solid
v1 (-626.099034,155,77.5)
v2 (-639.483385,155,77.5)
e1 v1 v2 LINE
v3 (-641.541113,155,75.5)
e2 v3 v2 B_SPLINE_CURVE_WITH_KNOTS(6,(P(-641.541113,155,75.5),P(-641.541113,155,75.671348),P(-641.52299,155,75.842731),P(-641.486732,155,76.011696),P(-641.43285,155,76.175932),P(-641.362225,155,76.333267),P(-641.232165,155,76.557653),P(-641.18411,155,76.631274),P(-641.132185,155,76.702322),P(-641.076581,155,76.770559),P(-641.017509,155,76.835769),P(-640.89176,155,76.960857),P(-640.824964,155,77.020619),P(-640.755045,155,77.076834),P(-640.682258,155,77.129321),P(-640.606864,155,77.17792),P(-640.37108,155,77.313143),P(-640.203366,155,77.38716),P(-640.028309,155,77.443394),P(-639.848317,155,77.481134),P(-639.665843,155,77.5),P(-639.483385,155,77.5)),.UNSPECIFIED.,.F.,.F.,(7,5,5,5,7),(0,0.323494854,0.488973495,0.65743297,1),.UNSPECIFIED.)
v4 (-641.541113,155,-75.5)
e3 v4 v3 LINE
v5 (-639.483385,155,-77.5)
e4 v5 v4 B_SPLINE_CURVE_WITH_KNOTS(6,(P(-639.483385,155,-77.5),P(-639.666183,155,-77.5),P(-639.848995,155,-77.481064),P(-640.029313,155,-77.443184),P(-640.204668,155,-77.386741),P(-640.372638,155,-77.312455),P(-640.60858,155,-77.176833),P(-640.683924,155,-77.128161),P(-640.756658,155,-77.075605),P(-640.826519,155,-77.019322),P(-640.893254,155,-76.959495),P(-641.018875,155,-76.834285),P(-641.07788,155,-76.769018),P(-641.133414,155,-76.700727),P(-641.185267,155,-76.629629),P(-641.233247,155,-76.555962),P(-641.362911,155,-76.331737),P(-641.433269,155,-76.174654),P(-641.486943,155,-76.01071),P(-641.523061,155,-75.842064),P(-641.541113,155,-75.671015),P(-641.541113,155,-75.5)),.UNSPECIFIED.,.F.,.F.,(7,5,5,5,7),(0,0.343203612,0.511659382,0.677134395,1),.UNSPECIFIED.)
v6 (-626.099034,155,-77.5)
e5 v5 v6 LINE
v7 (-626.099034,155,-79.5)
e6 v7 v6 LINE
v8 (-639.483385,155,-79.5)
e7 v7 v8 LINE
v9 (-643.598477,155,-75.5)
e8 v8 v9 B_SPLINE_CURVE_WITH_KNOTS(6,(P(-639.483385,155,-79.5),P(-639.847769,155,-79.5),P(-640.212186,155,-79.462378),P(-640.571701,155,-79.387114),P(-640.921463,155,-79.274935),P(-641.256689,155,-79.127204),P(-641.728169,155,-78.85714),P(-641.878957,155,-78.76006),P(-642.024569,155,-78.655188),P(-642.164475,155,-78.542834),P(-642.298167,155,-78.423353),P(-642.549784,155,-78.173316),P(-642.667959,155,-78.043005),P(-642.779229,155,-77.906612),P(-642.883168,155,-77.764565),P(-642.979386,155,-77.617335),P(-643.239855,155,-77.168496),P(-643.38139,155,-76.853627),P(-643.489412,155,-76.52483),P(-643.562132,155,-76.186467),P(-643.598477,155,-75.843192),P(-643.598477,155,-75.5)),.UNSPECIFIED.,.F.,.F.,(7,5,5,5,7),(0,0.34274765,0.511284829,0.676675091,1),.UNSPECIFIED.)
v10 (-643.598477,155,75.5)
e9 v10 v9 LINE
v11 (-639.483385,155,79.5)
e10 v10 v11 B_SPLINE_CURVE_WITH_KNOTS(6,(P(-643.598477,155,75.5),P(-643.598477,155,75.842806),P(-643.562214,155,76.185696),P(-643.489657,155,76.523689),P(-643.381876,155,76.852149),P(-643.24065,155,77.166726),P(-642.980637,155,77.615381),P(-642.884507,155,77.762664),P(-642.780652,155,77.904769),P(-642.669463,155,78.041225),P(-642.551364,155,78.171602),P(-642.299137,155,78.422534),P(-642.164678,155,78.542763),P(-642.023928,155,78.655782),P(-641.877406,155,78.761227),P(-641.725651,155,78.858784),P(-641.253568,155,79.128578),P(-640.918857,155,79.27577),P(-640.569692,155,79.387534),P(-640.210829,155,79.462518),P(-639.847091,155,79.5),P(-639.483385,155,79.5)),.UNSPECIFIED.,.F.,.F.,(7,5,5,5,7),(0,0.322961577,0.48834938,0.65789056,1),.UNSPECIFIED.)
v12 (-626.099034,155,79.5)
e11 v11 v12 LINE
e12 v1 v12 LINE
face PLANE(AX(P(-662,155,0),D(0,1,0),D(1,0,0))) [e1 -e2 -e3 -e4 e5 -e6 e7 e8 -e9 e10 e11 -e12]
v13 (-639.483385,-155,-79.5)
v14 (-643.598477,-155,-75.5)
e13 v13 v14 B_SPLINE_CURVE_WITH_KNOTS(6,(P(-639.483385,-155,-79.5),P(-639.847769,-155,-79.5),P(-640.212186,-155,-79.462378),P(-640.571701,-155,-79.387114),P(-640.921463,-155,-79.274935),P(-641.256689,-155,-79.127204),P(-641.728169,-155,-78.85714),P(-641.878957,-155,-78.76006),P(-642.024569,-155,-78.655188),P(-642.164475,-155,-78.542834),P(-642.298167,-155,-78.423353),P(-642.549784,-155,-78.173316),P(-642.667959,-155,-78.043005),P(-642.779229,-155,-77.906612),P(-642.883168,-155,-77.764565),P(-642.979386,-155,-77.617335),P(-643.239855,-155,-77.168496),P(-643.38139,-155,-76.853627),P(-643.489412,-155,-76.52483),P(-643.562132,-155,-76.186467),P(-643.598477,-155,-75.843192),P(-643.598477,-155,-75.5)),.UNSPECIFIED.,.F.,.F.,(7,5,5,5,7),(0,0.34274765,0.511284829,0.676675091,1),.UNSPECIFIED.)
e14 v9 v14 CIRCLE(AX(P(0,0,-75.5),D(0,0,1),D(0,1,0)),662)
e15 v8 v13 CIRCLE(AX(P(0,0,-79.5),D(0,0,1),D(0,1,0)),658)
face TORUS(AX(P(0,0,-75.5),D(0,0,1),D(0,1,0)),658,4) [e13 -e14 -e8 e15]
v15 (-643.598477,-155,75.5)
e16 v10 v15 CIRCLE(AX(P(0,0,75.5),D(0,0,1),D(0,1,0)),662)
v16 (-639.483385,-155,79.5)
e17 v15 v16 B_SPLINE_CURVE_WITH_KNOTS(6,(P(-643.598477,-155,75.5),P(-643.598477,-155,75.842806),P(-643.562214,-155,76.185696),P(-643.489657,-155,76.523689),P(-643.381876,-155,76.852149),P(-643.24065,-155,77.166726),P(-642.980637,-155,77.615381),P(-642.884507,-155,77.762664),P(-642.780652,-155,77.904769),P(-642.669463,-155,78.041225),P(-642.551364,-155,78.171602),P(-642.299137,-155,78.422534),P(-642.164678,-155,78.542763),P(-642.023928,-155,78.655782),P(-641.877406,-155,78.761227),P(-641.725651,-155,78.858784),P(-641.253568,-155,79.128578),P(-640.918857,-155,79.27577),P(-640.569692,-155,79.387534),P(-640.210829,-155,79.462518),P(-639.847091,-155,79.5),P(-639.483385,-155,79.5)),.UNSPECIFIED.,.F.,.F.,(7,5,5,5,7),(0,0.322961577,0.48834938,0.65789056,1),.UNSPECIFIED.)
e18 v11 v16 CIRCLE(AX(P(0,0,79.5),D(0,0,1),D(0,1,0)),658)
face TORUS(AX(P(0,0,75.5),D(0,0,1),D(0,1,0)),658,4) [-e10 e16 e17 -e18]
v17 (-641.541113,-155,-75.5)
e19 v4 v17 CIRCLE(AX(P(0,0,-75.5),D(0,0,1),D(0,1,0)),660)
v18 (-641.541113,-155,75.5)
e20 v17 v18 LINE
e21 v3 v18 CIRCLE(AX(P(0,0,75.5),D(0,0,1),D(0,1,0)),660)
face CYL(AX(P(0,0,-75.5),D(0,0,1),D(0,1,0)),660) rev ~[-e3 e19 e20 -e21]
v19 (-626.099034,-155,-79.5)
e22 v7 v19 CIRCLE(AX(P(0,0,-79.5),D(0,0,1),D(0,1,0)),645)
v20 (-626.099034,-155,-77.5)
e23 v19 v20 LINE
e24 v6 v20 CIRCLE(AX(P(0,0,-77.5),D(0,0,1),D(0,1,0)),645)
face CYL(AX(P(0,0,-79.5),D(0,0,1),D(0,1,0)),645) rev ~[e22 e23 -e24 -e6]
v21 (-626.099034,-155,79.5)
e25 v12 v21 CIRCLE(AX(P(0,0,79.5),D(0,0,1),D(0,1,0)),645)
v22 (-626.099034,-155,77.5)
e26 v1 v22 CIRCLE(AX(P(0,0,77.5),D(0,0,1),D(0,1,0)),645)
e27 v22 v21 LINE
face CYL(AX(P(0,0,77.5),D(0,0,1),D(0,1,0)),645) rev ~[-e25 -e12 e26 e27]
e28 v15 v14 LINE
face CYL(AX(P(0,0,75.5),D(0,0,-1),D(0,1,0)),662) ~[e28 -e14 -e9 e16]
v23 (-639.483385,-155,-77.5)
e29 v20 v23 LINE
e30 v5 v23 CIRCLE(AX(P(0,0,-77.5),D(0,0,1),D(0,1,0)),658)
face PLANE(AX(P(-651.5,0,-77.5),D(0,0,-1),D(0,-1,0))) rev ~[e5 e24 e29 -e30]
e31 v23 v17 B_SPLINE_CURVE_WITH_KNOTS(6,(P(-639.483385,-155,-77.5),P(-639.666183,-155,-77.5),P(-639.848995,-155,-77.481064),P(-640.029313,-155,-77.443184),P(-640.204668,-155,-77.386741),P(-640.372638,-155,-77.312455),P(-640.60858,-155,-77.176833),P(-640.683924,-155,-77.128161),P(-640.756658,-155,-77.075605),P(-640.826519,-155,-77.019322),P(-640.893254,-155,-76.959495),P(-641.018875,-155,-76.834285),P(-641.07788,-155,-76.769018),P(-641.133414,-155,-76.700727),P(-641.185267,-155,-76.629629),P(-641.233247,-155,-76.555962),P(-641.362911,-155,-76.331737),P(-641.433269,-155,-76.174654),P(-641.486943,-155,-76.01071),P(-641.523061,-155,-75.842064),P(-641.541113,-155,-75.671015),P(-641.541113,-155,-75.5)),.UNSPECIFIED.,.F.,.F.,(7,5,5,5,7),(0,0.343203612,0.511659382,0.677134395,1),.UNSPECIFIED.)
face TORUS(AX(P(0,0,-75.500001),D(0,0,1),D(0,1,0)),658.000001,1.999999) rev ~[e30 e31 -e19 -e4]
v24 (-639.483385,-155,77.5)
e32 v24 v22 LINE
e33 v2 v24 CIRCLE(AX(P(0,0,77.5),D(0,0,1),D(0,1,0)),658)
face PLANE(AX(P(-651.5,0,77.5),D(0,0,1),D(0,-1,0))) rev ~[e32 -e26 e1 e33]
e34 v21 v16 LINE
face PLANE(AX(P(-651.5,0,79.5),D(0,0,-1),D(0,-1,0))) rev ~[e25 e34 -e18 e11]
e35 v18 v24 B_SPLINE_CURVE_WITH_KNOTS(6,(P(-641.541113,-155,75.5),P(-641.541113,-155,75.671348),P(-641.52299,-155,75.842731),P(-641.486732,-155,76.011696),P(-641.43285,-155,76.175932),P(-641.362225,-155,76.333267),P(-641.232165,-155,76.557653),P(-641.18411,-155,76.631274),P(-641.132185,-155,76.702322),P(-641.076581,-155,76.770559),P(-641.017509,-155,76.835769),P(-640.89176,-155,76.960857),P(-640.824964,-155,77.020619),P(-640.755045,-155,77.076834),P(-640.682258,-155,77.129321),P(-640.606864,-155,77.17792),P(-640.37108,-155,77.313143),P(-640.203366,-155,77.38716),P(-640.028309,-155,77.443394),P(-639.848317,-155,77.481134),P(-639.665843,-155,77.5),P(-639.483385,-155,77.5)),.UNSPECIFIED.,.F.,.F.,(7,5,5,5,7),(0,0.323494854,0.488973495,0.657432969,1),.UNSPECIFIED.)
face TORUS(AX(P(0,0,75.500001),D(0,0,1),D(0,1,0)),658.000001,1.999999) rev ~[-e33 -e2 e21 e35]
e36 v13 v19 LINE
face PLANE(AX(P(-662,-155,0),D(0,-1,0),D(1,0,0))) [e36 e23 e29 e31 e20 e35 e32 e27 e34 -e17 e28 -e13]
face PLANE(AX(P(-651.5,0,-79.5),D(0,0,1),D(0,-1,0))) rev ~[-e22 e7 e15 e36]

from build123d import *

# Parameters (mm, degrees)
F3_W     = 310
F3_H     = 1324
F4_DEPTH = 100
F5_W     = 1324
F5_H     = 488.598477
F6_DEPTH = 100


with BuildPart() as f2:
    # F2: sweep along a path in F1
    with BuildLine(Plane.XY) as f2_path:
        ThreePointArc((0, 660), (-660, 0), (0, -660))
    # F0 (on Right) → F2 (sweep)
    with BuildSketch(Plane.YZ):
        with BuildLine():
            Line((-658, 77.5), (-645, 77.5))
            Line((-645, 77.5), (-645, 79.5))
            Line((-645, 79.5), (-658, 79.5))
            ThreePointArc((-658, 79.5), (-660.828427, 78.328427), (-662, 75.5))
            Line((-662, 75.5), (-662, -75.5))
            ThreePointArc((-662, -75.5), (-660.828427, -78.328427), (-658, -79.5))
            Line((-658, -79.5), (-645, -79.5))
            Line((-645, -79.5), (-645, -77.5))
            Line((-645, -77.5), (-658, -77.5))
            ThreePointArc((-658, -77.5), (-659.414214, -76.914214), (-660, -75.5))
            Line((-660, -75.5), (-660, 75.5))
            ThreePointArc((-660, 75.5), (-659.414214, 76.914214), (-658, 77.5))
        make_face()
    sweep(path=f2_path.line)

    # F3 (on Top) → F4 (cut, symmetric)
    with BuildSketch(Plane.XY):
        Rectangle(F3_W, F3_H)
    extrude(amount=F4_DEPTH, both=True, mode=Mode.SUBTRACT)

    # F5 (on Top) → F6 (cut, symmetric)
    with BuildSketch(Plane.XY):
        with Locations((0, 399.299239)):
            Rectangle(F5_W, F5_H)
        with Locations((0, -399.299239)):
            Rectangle(F5_W, F5_H)
    extrude(amount=F6_DEPTH, both=True, mode=Mode.SUBTRACT)


solid = f2.part
